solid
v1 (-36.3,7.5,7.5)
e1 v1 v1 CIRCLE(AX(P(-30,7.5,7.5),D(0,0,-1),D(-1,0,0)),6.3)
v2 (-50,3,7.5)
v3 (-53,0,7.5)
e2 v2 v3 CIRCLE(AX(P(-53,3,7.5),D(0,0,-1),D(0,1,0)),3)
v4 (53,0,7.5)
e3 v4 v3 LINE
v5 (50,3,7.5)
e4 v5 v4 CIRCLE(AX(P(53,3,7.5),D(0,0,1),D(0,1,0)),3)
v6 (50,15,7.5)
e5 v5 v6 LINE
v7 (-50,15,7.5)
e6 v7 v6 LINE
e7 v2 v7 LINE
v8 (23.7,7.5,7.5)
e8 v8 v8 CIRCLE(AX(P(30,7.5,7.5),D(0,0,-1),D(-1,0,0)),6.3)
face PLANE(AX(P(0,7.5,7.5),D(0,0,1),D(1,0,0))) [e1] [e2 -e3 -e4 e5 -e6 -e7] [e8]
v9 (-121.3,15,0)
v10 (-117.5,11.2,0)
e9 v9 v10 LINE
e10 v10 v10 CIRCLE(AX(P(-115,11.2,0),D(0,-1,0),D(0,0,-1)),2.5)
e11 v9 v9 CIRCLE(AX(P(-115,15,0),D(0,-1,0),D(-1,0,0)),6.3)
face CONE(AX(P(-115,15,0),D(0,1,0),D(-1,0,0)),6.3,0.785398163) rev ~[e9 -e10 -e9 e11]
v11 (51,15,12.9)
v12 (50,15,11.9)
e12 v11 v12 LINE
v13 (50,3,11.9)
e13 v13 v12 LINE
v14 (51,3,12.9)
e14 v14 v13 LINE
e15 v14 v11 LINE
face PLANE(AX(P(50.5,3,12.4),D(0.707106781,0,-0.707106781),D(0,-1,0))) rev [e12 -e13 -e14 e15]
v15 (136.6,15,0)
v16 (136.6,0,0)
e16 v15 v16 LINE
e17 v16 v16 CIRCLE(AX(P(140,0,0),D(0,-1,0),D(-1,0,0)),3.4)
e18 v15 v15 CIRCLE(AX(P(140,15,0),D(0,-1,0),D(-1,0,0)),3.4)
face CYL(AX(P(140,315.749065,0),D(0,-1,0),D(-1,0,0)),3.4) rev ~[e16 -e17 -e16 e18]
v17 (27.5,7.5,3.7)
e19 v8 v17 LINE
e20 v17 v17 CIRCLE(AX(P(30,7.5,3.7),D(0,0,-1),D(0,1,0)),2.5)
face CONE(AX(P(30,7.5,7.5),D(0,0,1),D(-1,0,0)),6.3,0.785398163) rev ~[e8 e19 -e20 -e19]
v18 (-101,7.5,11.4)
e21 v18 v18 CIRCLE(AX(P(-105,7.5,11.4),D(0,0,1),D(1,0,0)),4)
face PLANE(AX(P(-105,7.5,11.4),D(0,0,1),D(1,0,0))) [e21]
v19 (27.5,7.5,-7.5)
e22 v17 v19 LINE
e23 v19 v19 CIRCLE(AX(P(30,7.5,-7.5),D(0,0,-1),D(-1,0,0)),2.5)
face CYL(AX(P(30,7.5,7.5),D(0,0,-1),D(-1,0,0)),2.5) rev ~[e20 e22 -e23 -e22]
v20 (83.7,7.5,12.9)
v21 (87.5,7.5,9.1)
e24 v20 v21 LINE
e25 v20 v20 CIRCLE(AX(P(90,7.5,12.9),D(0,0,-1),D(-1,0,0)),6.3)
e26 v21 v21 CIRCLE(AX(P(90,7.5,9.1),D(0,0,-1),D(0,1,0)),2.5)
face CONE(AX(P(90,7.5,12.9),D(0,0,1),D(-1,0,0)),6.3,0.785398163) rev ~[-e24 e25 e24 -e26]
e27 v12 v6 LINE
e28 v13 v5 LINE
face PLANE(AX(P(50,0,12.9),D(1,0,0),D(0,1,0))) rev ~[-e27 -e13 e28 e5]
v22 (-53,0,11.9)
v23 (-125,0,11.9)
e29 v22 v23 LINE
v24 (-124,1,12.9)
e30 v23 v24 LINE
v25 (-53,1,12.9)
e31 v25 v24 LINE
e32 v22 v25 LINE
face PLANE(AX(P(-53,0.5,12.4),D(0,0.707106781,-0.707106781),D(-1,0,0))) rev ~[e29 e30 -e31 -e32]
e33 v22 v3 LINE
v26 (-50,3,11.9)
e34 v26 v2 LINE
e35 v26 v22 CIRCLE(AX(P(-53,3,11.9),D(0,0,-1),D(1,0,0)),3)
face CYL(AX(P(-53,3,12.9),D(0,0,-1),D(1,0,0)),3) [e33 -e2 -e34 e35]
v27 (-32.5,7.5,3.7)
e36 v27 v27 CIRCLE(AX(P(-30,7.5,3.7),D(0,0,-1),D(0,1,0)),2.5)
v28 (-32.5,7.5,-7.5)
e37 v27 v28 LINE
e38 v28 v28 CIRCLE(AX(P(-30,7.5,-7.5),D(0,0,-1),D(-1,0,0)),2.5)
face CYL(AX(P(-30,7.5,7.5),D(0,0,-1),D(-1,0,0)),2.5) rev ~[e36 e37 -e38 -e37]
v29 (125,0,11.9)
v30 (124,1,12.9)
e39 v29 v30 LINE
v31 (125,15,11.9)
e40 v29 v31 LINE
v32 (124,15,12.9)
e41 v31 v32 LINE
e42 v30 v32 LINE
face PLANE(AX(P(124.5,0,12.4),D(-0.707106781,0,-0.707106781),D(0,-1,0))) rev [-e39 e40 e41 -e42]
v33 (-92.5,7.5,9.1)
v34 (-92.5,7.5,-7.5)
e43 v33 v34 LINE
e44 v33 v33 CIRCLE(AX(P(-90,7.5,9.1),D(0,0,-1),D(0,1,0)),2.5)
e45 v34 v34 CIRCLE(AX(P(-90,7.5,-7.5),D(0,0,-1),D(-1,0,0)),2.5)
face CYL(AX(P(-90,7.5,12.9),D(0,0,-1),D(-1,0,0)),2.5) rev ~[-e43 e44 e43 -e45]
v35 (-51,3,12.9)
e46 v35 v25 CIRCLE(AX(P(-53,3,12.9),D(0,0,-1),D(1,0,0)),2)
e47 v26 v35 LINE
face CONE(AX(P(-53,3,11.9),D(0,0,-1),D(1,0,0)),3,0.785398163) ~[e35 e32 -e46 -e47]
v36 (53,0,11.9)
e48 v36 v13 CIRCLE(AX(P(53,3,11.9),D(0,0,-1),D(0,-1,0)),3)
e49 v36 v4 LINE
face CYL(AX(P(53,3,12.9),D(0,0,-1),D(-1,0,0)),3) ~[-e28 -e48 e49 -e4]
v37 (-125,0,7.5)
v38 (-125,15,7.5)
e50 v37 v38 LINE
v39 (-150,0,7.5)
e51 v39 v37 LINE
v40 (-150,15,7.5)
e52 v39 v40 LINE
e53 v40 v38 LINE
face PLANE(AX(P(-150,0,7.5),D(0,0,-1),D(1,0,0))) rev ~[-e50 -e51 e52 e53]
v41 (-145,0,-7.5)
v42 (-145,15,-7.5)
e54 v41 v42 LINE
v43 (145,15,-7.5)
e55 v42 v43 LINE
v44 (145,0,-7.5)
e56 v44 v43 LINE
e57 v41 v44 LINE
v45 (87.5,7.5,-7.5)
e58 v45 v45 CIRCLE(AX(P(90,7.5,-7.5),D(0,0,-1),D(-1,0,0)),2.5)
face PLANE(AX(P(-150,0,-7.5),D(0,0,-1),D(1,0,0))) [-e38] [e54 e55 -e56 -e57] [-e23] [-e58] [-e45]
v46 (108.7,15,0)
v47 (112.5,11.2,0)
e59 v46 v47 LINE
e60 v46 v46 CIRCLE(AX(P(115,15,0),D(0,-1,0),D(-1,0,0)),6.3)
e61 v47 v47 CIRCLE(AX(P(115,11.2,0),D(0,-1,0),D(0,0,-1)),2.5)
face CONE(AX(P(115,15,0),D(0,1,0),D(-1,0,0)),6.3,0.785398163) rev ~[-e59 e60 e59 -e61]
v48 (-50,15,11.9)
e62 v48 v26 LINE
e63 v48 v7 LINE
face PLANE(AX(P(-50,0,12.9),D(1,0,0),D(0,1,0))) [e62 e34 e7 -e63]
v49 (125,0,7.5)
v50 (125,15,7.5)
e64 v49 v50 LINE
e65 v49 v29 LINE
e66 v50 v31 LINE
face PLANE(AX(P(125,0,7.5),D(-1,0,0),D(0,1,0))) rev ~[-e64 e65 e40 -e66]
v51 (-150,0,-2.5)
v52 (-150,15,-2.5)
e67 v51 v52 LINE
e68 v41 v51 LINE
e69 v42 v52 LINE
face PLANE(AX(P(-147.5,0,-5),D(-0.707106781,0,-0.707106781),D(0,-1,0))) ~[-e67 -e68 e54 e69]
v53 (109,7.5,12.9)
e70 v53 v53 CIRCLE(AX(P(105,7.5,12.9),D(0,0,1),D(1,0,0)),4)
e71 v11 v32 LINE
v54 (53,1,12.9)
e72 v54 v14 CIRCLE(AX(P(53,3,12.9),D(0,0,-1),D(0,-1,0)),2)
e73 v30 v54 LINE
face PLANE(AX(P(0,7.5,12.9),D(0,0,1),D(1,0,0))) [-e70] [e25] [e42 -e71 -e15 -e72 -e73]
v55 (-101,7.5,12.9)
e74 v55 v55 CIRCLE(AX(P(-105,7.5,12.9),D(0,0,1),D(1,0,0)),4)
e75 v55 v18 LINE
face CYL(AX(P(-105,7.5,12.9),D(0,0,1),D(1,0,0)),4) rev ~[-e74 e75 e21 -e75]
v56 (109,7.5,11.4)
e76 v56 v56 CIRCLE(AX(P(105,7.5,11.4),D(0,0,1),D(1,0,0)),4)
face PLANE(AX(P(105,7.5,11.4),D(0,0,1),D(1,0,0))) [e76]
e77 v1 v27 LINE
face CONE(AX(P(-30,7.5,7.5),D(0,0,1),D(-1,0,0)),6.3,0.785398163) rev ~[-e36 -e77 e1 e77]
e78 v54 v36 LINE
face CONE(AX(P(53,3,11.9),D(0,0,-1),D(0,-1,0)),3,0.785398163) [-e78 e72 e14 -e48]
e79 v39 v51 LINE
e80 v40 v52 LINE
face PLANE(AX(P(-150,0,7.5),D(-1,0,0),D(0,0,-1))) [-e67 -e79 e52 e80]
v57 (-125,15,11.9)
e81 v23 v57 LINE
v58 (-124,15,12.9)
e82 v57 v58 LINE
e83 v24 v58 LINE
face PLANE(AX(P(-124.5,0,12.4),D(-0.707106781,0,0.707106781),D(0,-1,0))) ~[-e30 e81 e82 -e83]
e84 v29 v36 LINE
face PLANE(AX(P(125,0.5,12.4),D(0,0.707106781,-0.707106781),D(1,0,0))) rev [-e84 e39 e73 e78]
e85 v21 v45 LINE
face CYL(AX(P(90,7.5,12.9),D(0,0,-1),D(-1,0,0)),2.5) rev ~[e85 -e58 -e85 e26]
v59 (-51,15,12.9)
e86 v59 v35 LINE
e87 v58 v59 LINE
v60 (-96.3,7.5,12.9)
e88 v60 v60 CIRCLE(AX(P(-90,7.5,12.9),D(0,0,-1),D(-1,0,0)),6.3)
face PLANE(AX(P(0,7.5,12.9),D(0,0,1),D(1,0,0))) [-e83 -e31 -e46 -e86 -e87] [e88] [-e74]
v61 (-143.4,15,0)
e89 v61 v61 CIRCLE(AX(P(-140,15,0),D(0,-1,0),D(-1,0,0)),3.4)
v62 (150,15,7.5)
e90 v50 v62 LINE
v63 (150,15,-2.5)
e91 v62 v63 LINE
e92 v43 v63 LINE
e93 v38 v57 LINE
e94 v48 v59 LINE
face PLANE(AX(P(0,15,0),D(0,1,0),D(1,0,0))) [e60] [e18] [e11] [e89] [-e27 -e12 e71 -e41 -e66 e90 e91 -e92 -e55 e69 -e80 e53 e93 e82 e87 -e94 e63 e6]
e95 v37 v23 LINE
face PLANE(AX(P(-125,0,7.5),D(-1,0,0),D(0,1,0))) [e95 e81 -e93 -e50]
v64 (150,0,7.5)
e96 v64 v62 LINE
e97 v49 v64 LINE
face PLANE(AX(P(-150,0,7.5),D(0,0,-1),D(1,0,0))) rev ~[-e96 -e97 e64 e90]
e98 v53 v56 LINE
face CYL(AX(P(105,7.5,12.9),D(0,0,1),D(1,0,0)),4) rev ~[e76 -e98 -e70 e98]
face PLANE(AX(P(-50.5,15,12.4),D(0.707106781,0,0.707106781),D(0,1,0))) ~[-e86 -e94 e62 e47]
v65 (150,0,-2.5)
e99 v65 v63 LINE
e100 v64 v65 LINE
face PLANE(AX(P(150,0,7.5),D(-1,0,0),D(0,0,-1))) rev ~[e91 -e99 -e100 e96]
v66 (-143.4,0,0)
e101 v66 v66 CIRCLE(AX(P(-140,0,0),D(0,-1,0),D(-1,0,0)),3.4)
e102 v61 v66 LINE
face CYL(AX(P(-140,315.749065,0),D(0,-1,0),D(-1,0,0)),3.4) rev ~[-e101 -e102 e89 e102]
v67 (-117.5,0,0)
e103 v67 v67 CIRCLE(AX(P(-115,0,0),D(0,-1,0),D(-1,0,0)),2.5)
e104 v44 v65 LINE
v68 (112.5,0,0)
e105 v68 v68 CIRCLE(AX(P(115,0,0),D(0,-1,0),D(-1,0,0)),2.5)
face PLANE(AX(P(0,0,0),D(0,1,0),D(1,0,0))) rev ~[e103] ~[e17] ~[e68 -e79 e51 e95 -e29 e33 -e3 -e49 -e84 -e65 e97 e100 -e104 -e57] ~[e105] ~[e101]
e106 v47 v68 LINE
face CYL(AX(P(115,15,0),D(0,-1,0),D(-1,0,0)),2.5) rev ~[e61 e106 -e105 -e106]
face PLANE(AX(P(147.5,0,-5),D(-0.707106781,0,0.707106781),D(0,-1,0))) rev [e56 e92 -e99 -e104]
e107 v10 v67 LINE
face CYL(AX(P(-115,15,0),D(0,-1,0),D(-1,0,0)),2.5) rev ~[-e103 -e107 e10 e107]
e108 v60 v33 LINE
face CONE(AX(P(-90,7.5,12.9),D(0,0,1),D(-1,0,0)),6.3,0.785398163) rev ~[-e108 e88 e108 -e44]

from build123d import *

# Parameters (mm, degrees)
SKETCH_1_W                   = 300
SKETCH_1_H                   = 15
EXTRUDE_349_DEPTH            = 15
HOLE_WIZARD_M6_D             = 5
HOLE_WIZARD_M6_CSINK_D       = 12.6
HOLE_WIZARD_M6_CSINK_ANGLE   = 90
HOLE_WIZARD_M8_D             = 6.8
SKETCH_8_W                   = 250
SKETCH_8_H                   = 15
EXTRUDE_2463_DEPTH           = 5.4
SKETCH_9_R                   = 4
CUT_EXTRUDE_2783_DEPTH       = 1.5
SKETCH_10_W                  = 100
SKETCH_10_H                  = 15
CUT_EXTRUDE_3071_DEPTH       = 5.4
HOLE_WIZARD_1_M6_D           = 5
HOLE_WIZARD_1_M6_CSINK_D     = 12.6
HOLE_WIZARD_1_M6_CSINK_ANGLE = 90
HOLE_WIZARD_2_M6_D           = 5
HOLE_WIZARD_2_M6_CSINK_D     = 12.6
HOLE_WIZARD_2_M6_CSINK_ANGLE = 90
FILLET_1_R                   = 3
CHAMFER_1_SIZE               = 5
CHAMFER_2_SIZE               = 1


with BuildPart() as part:
    # Эскиз1 → Extrude 349 (new body)
    with BuildSketch(Plane(origin=(0, 0, 0), x_dir=(1, 0, 0), z_dir=(0, 1, 0))):
        Rectangle(SKETCH_1_W, SKETCH_1_H)
    extrude(amount=EXTRUDE_349_DEPTH)

    # Крепление шарнира M6 (through all)
    with Locations(Plane(origin=(0, 15, 0), x_dir=(1, 0, 0), z_dir=(0, 1, 0))):
        with Locations((-115, 0), (115, 0)):
            CounterSinkHole(HOLE_WIZARD_M6_D / 2, HOLE_WIZARD_M6_CSINK_D / 2, counter_sink_angle=HOLE_WIZARD_M6_CSINK_ANGLE)

    # Шпилька-M8 (through all)
    with Locations(Plane(origin=(0, 15, 0), x_dir=(1, 0, 0), z_dir=(0, 1, 0))):
        with Locations((-140, 0), (140, 0)):
            Hole(HOLE_WIZARD_M8_D / 2)

    # Эскиз8 → Extrude 2463 (add)
    with BuildSketch(Plane.XY.offset(7.5)):
        with Locations((0, 7.5)):
            Rectangle(SKETCH_8_W, SKETCH_8_H)
    extrude(amount=EXTRUDE_2463_DEPTH)

    # Эскиз9 → Cut-Extrude 2783 (cut)
    with BuildSketch(Plane.XY.offset(12.9)):
        with Locations((-105, 7.5)):
            Circle(SKETCH_9_R)
        with Locations((105, 7.5)):
            Circle(SKETCH_9_R)
    extrude(amount=-CUT_EXTRUDE_2783_DEPTH, mode=Mode.SUBTRACT)

    # Эскиз10 → Cut-Extrude 3071 (cut)
    with BuildSketch(Plane.XY.offset(12.9)):
        with Locations((0, 7.5)):
            Rectangle(SKETCH_10_W, SKETCH_10_H)
    extrude(amount=-CUT_EXTRUDE_3071_DEPTH, mode=Mode.SUBTRACT)

    # Прижим-1-M6 (through all)
    with Locations(Plane.XY.offset(12.9)):
        with Locations((-90, 7.5), (90, 7.5)):
            CounterSinkHole(HOLE_WIZARD_1_M6_D / 2, HOLE_WIZARD_1_M6_CSINK_D / 2, counter_sink_angle=HOLE_WIZARD_1_M6_CSINK_ANGLE)

    # Прижим-2-M6 (through all)
    with Locations(Plane.XY.offset(7.5)):
        with Locations((-30, 7.5), (30, 7.5)):
            CounterSinkHole(HOLE_WIZARD_2_M6_D / 2, HOLE_WIZARD_2_M6_CSINK_D / 2, counter_sink_angle=HOLE_WIZARD_2_M6_CSINK_ANGLE)

    # Скругление1
    fillet_1_edges = [part.edges().sort_by_distance(p)[0] for p in [
        (-50, 0, 10.2),
        (50, 0, 10.2),
    ]]
    fillet(fillet_1_edges, radius=FILLET_1_R)

    # Фаска1
    chamfer_1_edges = [part.edges().sort_by_distance(p)[0] for p in [
        (-150, 7.5, -7.5),
        (150, 7.5, -7.5),
    ]]
    chamfer(chamfer_1_edges, length=CHAMFER_1_SIZE)

    # Фаска2
    chamfer_2_edges = [part.edges().sort_by_distance(p)[0] for p in [
        (-50.878679656, 0.878679656, 12.9),
        (-125, 7.5, 12.9),
        (-89, 0, 12.9),
        (125, 7.5, 12.9),
        (-50, 9, 12.9),
        (50, 9, 12.9),
        (89, 0, 12.9),
        (50.878679656, 0.878679656, 12.9),
    ]]
    chamfer(chamfer_2_edges, length=CHAMFER_2_SIZE)


solid = part.part
